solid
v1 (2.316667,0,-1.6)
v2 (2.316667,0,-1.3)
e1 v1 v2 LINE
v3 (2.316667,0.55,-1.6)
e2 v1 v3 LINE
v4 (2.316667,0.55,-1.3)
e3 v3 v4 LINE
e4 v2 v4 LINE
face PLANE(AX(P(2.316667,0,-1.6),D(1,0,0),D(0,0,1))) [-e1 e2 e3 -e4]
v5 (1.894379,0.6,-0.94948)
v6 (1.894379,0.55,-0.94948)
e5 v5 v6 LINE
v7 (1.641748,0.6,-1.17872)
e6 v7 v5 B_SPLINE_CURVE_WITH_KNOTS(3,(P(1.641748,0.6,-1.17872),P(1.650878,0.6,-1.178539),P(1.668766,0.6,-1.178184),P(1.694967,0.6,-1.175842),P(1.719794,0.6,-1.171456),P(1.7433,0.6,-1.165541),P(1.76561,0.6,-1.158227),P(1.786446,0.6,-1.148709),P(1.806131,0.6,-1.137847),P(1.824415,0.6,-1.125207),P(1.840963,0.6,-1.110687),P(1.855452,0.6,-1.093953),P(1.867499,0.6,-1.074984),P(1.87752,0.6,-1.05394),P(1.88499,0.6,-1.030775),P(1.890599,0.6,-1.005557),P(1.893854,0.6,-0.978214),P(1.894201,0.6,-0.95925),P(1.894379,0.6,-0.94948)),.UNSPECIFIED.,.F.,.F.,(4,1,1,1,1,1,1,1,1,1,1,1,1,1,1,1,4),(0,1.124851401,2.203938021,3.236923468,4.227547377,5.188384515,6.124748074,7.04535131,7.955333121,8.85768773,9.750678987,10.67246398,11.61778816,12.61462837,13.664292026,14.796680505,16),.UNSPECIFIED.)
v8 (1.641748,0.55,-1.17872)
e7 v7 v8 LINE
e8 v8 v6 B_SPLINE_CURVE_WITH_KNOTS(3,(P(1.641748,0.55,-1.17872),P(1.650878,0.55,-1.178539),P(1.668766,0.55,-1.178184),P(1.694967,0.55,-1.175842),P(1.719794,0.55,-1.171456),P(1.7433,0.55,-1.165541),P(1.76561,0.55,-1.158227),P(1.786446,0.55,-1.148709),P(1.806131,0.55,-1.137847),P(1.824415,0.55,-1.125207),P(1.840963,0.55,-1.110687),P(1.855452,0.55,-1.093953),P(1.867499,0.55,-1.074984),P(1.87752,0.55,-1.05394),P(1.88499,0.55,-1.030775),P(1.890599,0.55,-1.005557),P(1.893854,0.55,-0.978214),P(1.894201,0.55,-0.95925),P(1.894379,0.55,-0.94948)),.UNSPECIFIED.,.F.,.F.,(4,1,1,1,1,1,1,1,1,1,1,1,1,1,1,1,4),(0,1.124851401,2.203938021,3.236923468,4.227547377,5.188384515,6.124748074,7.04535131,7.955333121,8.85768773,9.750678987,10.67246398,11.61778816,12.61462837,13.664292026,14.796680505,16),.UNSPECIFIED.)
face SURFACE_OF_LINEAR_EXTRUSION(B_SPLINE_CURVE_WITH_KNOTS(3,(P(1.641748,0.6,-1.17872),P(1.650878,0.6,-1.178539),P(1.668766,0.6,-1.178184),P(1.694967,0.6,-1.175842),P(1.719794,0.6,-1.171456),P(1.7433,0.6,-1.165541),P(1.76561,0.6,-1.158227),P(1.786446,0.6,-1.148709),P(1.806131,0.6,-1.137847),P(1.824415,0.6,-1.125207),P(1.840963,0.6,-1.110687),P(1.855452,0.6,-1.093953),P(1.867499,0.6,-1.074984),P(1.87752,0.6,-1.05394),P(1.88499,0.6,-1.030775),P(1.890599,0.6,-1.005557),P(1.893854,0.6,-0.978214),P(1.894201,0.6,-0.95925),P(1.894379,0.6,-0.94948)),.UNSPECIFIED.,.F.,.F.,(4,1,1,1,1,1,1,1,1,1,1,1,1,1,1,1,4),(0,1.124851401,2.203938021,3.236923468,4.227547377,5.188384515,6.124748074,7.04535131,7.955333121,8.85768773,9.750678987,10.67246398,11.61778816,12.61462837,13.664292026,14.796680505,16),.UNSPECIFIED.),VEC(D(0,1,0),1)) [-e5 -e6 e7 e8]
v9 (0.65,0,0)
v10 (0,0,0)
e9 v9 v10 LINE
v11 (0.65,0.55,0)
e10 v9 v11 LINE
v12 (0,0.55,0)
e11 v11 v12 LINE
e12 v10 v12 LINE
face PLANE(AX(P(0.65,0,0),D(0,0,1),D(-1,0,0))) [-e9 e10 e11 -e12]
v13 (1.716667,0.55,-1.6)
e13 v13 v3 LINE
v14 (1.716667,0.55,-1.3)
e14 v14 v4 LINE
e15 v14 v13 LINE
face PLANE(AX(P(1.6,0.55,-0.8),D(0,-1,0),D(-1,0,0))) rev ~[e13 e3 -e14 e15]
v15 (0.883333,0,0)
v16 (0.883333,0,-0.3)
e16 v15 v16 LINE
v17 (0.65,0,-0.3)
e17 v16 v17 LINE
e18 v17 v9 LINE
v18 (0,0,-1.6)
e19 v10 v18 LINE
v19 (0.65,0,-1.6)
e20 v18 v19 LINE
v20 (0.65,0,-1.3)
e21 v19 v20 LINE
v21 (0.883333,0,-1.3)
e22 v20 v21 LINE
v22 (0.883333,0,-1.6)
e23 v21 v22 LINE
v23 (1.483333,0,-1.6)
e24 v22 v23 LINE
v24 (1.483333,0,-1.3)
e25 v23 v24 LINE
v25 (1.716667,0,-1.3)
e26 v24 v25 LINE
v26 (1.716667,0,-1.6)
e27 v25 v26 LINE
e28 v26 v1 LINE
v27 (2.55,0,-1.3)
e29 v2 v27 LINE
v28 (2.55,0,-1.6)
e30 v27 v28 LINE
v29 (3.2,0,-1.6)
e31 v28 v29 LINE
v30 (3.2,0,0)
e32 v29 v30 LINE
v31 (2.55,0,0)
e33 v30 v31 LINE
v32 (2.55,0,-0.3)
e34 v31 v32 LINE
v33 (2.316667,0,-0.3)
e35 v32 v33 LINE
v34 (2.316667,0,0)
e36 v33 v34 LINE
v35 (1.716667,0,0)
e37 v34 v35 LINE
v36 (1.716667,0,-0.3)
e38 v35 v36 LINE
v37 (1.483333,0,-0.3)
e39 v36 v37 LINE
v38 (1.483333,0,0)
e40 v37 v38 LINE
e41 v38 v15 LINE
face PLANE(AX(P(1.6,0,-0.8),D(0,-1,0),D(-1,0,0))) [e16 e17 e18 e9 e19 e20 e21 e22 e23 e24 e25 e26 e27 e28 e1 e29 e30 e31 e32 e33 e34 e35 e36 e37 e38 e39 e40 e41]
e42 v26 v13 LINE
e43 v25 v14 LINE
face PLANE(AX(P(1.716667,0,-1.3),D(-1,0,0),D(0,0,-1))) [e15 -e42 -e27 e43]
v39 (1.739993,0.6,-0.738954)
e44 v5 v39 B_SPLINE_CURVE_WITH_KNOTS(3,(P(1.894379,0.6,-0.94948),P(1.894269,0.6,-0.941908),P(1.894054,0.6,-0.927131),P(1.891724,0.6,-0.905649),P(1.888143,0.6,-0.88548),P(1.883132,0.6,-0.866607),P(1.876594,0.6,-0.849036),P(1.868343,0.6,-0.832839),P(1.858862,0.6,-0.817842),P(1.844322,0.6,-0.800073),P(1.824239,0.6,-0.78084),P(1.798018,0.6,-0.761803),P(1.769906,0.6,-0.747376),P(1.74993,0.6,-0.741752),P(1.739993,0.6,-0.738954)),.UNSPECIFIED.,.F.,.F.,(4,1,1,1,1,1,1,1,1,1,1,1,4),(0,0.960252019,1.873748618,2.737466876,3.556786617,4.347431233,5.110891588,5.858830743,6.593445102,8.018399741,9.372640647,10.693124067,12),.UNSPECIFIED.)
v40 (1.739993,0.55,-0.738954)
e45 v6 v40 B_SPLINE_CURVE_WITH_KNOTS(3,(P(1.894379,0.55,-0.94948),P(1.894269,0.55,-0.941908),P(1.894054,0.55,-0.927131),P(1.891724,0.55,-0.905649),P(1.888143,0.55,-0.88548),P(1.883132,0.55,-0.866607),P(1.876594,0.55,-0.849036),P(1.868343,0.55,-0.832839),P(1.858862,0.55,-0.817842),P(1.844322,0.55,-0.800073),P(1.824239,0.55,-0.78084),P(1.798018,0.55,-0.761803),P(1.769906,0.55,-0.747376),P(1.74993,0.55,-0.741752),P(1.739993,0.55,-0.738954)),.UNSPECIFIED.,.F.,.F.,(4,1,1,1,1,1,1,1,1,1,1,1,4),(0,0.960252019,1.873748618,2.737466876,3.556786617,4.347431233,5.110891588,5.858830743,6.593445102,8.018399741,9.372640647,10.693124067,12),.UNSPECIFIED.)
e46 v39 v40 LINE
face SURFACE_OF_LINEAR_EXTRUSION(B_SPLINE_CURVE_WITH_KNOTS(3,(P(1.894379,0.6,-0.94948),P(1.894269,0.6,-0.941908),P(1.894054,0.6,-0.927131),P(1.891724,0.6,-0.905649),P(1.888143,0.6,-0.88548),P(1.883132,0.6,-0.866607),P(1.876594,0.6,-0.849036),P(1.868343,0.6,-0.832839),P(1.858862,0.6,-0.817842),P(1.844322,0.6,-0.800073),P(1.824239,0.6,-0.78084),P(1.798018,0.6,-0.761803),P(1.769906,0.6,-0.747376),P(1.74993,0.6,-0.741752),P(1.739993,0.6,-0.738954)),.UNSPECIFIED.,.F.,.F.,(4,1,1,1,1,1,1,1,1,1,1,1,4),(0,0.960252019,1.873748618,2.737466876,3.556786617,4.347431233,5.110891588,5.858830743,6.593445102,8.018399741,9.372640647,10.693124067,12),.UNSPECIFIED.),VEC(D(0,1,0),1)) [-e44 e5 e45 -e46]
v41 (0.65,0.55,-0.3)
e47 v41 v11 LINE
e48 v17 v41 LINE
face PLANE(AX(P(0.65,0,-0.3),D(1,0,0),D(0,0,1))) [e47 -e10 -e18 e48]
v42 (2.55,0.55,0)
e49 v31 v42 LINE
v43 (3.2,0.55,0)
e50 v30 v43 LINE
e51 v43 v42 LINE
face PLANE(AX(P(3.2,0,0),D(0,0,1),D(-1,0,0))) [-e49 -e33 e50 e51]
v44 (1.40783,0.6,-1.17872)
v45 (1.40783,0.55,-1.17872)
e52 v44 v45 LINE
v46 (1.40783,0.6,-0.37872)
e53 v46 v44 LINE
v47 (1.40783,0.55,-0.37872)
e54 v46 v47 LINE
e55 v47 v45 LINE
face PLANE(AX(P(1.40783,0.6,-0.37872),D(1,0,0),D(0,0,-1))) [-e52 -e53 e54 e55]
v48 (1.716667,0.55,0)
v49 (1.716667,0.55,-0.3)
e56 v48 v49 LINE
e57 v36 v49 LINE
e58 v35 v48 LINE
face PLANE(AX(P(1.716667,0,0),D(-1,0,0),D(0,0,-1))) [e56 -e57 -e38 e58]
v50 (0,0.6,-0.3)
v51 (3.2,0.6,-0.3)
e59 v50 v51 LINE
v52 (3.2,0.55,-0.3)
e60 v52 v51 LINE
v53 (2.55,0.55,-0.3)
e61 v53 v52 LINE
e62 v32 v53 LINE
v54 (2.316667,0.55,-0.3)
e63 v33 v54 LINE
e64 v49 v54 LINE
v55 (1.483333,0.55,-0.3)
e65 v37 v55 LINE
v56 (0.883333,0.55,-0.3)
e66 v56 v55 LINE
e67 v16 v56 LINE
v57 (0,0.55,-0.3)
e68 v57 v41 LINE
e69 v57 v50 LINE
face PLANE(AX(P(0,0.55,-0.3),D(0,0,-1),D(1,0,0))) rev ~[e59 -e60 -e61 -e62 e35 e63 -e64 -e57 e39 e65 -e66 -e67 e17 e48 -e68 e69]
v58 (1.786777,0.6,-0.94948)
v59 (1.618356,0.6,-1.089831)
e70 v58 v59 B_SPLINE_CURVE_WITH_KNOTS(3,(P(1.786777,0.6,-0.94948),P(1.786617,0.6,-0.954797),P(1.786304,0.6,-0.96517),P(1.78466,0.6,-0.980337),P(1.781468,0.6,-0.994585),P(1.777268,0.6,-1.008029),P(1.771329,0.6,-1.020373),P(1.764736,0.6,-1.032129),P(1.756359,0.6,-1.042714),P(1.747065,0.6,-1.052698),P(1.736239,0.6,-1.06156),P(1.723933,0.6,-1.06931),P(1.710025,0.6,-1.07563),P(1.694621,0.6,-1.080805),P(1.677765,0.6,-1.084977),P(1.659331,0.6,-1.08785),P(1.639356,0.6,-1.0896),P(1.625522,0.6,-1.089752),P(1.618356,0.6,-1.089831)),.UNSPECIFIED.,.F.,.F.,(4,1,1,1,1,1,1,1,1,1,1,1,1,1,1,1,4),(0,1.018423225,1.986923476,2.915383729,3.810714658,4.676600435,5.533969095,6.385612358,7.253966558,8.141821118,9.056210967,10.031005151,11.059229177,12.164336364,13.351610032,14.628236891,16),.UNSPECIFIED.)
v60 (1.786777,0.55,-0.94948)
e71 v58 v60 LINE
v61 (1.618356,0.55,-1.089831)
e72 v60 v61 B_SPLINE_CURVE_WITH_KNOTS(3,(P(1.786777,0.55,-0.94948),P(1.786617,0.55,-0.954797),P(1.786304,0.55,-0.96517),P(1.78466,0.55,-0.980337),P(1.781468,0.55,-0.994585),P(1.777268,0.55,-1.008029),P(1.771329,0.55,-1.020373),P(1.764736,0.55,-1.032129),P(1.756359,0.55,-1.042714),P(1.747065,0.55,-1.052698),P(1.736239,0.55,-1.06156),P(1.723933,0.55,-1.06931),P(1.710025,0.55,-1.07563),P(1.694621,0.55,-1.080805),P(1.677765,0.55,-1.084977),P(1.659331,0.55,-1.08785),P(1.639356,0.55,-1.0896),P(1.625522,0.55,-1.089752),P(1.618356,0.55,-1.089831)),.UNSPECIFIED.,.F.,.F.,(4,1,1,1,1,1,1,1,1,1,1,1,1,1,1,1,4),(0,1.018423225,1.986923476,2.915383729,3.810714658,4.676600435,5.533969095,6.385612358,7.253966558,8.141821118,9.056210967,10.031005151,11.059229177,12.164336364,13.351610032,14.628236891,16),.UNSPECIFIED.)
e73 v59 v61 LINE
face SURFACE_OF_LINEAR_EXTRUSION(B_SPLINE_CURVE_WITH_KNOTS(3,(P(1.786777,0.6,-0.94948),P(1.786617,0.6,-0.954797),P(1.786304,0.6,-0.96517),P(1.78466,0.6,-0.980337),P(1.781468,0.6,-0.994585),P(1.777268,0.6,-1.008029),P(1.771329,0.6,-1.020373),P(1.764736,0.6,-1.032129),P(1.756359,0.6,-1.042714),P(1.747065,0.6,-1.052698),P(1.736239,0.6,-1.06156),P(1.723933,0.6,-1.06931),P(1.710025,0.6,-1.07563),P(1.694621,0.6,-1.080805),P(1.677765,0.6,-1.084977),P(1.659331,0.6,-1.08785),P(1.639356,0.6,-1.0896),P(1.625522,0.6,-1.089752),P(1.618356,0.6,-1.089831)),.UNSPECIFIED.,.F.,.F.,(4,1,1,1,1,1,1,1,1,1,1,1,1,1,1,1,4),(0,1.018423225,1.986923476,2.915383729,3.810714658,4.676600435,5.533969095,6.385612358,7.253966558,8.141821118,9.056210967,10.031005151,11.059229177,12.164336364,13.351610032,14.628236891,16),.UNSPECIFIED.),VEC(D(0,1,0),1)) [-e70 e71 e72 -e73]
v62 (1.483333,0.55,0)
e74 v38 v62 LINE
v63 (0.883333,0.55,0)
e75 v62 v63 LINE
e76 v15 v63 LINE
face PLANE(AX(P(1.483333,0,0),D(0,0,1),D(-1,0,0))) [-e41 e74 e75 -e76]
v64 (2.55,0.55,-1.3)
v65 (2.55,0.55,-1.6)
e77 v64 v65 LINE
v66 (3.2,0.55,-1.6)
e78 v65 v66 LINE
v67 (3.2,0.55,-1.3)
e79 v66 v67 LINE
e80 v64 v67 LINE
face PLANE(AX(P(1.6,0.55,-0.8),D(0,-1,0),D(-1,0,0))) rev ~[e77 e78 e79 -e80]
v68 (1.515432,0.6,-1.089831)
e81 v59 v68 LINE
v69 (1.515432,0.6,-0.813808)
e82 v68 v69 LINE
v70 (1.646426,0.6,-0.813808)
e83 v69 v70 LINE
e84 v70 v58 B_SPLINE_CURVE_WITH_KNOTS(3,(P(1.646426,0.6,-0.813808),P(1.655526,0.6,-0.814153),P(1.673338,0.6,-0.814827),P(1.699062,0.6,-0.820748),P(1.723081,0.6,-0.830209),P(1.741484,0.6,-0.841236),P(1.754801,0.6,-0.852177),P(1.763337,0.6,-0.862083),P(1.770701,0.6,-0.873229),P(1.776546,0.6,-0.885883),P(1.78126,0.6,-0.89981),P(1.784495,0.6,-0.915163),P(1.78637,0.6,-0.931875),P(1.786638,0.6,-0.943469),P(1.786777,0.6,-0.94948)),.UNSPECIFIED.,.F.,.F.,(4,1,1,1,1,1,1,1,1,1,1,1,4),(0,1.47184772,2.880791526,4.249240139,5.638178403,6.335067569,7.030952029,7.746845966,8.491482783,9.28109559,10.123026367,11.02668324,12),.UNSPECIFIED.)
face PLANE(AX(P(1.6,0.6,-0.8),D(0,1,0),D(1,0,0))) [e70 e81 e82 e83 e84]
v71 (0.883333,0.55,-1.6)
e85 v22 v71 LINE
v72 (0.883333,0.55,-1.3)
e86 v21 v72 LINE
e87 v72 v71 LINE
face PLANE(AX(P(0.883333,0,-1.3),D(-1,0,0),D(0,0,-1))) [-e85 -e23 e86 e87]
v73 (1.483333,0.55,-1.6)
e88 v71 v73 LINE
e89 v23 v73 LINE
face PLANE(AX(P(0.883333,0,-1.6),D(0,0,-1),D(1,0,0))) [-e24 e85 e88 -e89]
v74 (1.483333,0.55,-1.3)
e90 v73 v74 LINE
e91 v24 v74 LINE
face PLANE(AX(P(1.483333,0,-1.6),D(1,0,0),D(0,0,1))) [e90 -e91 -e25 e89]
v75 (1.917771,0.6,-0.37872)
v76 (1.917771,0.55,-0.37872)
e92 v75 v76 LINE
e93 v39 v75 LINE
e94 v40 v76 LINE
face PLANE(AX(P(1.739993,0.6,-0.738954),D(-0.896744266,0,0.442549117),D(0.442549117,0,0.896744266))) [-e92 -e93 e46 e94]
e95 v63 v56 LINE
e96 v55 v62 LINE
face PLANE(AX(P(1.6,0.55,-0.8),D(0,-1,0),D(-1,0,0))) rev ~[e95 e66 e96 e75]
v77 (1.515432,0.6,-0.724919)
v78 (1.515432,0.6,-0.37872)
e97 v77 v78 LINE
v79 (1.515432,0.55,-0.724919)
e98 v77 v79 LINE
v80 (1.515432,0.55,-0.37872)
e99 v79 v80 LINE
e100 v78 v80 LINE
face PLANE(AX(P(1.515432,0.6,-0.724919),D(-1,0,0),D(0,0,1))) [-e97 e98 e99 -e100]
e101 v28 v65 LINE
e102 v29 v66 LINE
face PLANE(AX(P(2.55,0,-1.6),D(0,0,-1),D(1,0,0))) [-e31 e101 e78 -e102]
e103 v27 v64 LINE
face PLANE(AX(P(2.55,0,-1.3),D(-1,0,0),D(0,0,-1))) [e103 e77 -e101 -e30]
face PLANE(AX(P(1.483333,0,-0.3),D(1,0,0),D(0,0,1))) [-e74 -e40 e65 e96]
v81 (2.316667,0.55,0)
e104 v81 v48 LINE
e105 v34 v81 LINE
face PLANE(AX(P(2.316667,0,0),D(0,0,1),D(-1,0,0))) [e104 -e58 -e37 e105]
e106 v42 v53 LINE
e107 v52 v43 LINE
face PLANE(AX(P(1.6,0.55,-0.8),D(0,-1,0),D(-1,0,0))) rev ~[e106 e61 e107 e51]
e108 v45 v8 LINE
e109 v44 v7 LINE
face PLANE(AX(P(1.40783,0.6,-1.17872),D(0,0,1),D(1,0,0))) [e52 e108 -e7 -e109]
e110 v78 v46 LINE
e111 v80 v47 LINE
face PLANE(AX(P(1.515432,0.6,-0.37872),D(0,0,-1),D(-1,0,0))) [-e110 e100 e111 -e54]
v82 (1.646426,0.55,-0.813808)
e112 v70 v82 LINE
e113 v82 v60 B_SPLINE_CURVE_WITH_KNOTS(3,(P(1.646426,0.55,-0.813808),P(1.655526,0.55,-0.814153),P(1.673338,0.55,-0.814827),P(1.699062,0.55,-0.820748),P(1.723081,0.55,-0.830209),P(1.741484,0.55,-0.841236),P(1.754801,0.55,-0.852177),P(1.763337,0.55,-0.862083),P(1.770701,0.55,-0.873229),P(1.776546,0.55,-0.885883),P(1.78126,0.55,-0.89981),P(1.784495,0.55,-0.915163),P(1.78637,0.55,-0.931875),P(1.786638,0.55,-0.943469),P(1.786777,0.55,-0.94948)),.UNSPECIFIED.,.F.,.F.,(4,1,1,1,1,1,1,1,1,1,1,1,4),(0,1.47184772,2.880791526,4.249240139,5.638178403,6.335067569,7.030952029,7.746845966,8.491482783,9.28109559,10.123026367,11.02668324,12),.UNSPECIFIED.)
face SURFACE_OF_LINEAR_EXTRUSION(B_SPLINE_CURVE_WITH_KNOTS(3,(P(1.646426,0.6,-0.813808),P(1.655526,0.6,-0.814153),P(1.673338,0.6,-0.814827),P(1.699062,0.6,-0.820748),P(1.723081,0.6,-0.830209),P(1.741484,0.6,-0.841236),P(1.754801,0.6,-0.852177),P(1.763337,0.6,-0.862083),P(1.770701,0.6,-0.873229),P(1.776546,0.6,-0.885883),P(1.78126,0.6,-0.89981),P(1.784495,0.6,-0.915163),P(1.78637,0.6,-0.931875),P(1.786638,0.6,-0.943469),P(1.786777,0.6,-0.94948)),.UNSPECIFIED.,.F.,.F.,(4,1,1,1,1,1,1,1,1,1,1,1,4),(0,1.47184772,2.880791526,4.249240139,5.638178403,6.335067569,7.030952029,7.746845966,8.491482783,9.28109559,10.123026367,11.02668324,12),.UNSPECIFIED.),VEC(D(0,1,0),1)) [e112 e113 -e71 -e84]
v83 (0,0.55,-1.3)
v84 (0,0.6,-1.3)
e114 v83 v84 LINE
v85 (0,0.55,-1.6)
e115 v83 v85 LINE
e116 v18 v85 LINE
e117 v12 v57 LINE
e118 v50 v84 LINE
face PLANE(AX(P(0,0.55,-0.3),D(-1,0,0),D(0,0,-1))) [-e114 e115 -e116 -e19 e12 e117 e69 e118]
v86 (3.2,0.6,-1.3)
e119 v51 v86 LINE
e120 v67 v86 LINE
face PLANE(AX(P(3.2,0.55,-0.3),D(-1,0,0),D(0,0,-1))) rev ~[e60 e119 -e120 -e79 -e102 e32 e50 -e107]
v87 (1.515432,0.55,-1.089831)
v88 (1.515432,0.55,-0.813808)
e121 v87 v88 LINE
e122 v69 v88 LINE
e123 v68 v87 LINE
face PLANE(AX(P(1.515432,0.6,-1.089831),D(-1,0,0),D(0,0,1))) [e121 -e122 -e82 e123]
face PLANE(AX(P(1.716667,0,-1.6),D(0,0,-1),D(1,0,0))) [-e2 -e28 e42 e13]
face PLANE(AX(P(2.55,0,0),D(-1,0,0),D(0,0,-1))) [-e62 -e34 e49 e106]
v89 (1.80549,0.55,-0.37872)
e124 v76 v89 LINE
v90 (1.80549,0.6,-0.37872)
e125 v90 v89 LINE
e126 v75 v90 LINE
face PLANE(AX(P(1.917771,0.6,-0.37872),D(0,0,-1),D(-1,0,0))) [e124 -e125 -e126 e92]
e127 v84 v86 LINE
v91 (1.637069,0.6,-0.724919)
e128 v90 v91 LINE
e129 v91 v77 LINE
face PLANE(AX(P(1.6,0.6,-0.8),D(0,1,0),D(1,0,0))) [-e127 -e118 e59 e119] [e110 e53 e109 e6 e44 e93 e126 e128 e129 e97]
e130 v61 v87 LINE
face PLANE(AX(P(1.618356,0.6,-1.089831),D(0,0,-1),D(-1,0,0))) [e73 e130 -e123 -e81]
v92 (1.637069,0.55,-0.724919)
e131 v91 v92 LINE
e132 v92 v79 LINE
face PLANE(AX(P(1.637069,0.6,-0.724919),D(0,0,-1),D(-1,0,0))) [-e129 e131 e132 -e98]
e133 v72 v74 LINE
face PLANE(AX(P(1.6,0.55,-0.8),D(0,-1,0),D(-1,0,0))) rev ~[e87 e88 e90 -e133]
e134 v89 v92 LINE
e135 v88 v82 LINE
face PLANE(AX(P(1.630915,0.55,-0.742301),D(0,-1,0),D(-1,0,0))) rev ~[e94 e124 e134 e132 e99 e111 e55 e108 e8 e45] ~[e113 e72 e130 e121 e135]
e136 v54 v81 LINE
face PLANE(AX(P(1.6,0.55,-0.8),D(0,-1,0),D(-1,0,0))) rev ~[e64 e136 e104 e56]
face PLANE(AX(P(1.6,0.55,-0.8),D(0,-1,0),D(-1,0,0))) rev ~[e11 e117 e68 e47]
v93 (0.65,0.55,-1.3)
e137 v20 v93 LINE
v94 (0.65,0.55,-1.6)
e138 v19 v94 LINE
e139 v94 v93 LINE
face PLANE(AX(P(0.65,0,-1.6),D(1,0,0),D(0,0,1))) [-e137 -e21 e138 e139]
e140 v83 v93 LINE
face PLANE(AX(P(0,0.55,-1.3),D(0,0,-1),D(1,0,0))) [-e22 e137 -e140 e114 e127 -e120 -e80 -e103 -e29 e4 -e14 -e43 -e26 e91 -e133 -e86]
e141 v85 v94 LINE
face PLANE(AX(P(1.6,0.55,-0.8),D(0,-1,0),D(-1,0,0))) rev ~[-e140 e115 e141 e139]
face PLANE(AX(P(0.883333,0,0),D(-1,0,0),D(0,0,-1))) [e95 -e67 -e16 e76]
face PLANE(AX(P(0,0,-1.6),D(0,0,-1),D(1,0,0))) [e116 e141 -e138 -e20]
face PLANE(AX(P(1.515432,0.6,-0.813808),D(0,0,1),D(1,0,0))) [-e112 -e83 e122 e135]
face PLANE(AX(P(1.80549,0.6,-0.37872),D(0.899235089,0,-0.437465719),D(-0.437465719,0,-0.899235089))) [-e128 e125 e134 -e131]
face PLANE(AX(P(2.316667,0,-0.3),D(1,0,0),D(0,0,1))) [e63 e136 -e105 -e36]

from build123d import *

# Parameters (mm, degrees)
EXTRUDE_1_DEPTH     = 0.55
SKETCH_2_W          = 3.2
SKETCH_2_H          = 1
EXTRUDE_2_DEPTH     = 0.05
CUT_EXTRUDE_1_DEPTH = 0.05


with BuildPart() as part:
    # 草图1 → 凸台-拉伸1 (new body)
    with BuildSketch(Plane(origin=(0, 0, 0), x_dir=(1, 0, 0), z_dir=(0, 1, 0))):
        Polygon((0, 1.6), (0.65, 1.6), (0.65, 1.3), (0.883333333, 1.3), (0.883333333, 1.6), (1.483333333, 1.6), (1.483333333, 1.3), (1.716666667, 1.3), (1.716666667, 1.6), (2.316666667, 1.6), (2.316666667, 1.3), (2.55, 1.3), (2.55, 1.6), (3.2, 1.6), (3.2, 0), (2.55, 0), (2.55, 0.3), (2.316666667, 0.3), (2.316666667, 0), (1.716666667, 0), (1.716666667, 0.3), (1.483333333, 0.3), (1.483333333, 0), (0.883333333, 0), (0.883333333, 0.3), (0.65, 0.3), (0.65, 0), (0, 0), align=None)
    extrude(amount=EXTRUDE_1_DEPTH)

    # 草图2 → 凸台-拉伸2 (add)
    with BuildSketch(Plane(origin=(0, 0.55, 0), x_dir=(1, 0, 0), z_dir=(0, 1, 0))):
        with Locations((1.6, 0.8)):
            Rectangle(SKETCH_2_W, SKETCH_2_H)
    extrude(amount=EXTRUDE_2_DEPTH)

    # 草图3 → 切除-拉伸1 (cut)
    with BuildSketch(Plane(origin=(0, 0.6, 0), x_dir=(1, 0, 0), z_dir=(0, 1, 0))):
        with BuildLine():
            Line((1.917771118, 0.378720107), (1.805490417, 0.378720107))
            Line((1.805490417, 0.378720107), (1.637069364, 0.724918938))
            Line((1.637069364, 0.724918938), (1.515431937, 0.724918938))
            Line((1.515431937, 0.724918938), (1.515431937, 0.378720107))
            Line((1.515431937, 0.378720107), (1.407829598, 0.378720107))
            Line((1.407829598, 0.378720107), (1.407829598, 1.178720107))
            Line((1.407829598, 1.178720107), (1.641747727, 1.178720107))
            add(Edge.make_bspline(
                [(1.641747727, 1.178720107), (1.650877695, 1.178538996), (1.668766176, 1.178184141), (1.694966708, 1.175841662), (1.719794447, 1.171455671), (1.743299904, 1.165540709), (1.765609593, 1.158227469), (1.786446266, 1.148709415), (1.806131061, 1.137846554), (1.824414613, 1.12520671), (1.840963489, 1.110686573), (1.855451783, 1.093952759), (1.867498892, 1.074984486), (1.877520178, 1.053940121), (1.88499041, 1.030775188), (1.890598625, 1.005556873), (1.893854462, 0.978213639), (1.894200851, 0.95925007), (1.894379305, 0.949480341)],
                knots=[0, 0, 0, 0, 1.124851401, 2.203938021, 3.236923468, 4.227547377, 5.188384515, 6.124748074, 7.04535131, 7.955333121, 8.85768773, 9.750678987, 10.67246398, 11.61778816, 12.61462837, 13.664292026, 14.796680505, 16, 16, 16, 16], degree=3))
            add(Edge.make_bspline(
                [(1.894379305, 0.949480341), (1.894269052, 0.941907793), (1.894053913, 0.927131409), (1.891724054, 0.905649007), (1.888142619, 0.885479601), (1.883132103, 0.866607441), (1.876594297, 0.849035527), (1.868343074, 0.83283863), (1.858862404, 0.817841976), (1.844321779, 0.800072595), (1.82423859, 0.780839953), (1.798018465, 0.761803212), (1.769905791, 0.747375988), (1.749929671, 0.741751637), (1.739993341, 0.738954025)],
                knots=[0, 0, 0, 0, 0.960252019, 1.873748618, 2.737466876, 3.556786617, 4.347431233, 5.110891588, 5.858830743, 6.593445102, 8.018399741, 9.372640647, 10.693124067, 12, 12, 12, 12], degree=3))
            Line((1.739993341, 0.738954025), (1.917771118, 0.378720107))
        make_face()
        with BuildLine():
            add(Edge.make_bspline(
                [(1.786776966, 0.949480341), (1.786616632, 0.954797225), (1.786303824, 0.965170359), (1.784660338, 0.980337294), (1.781467707, 0.99458464), (1.777268036, 1.008028632), (1.771328911, 1.02037339), (1.76473626, 1.032129453), (1.756358735, 1.042713613), (1.747065289, 1.052698073), (1.736238719, 1.061559987), (1.723933352, 1.069310308), (1.710025407, 1.075629695), (1.694620701, 1.080805183), (1.677765468, 1.084976529), (1.659330804, 1.087850267), (1.639356253, 1.089600193), (1.625521683, 1.089752388), (1.618355914, 1.089831218)],
                knots=[0, 0, 0, 0, 1.018423225, 1.986923476, 2.915383729, 3.810714658, 4.676600435, 5.533969095, 6.385612358, 7.253966558, 8.141821118, 9.056210967, 10.031005151, 11.059229177, 12.164336364, 13.351610032, 14.628236891, 16, 16, 16, 16], degree=3))
            Line((1.618355914, 1.089831218), (1.515431937, 1.089831218))
            Line((1.515431937, 1.089831218), (1.515431937, 0.813807827))
            Line((1.515431937, 0.813807827), (1.646426089, 0.813807827))
            add(Edge.make_bspline(
                [(1.646426089, 0.813807827), (1.655526373, 0.814152608), (1.673338014, 0.814827436), (1.699062289, 0.820748228), (1.723081192, 0.830209359), (1.741484495, 0.841236085), (1.754801333, 0.852177002), (1.763336542, 0.862083437), (1.770701163, 0.873229329), (1.776545906, 0.885883061), (1.781260065, 0.899810048), (1.784494681, 0.915162638), (1.786369818, 0.931875195), (1.786637933, 0.943468538), (1.786776966, 0.949480341)],
                knots=[0, 0, 0, 0, 1.47184772, 2.880791526, 4.249240139, 5.638178403, 6.335067569, 7.030952029, 7.746845966, 8.491482783, 9.28109559, 10.123026367, 11.02668324, 12, 12, 12, 12], degree=3))
        make_face(mode=Mode.SUBTRACT)
    extrude(amount=-CUT_EXTRUDE_1_DEPTH, mode=Mode.SUBTRACT)


solid = part.part
